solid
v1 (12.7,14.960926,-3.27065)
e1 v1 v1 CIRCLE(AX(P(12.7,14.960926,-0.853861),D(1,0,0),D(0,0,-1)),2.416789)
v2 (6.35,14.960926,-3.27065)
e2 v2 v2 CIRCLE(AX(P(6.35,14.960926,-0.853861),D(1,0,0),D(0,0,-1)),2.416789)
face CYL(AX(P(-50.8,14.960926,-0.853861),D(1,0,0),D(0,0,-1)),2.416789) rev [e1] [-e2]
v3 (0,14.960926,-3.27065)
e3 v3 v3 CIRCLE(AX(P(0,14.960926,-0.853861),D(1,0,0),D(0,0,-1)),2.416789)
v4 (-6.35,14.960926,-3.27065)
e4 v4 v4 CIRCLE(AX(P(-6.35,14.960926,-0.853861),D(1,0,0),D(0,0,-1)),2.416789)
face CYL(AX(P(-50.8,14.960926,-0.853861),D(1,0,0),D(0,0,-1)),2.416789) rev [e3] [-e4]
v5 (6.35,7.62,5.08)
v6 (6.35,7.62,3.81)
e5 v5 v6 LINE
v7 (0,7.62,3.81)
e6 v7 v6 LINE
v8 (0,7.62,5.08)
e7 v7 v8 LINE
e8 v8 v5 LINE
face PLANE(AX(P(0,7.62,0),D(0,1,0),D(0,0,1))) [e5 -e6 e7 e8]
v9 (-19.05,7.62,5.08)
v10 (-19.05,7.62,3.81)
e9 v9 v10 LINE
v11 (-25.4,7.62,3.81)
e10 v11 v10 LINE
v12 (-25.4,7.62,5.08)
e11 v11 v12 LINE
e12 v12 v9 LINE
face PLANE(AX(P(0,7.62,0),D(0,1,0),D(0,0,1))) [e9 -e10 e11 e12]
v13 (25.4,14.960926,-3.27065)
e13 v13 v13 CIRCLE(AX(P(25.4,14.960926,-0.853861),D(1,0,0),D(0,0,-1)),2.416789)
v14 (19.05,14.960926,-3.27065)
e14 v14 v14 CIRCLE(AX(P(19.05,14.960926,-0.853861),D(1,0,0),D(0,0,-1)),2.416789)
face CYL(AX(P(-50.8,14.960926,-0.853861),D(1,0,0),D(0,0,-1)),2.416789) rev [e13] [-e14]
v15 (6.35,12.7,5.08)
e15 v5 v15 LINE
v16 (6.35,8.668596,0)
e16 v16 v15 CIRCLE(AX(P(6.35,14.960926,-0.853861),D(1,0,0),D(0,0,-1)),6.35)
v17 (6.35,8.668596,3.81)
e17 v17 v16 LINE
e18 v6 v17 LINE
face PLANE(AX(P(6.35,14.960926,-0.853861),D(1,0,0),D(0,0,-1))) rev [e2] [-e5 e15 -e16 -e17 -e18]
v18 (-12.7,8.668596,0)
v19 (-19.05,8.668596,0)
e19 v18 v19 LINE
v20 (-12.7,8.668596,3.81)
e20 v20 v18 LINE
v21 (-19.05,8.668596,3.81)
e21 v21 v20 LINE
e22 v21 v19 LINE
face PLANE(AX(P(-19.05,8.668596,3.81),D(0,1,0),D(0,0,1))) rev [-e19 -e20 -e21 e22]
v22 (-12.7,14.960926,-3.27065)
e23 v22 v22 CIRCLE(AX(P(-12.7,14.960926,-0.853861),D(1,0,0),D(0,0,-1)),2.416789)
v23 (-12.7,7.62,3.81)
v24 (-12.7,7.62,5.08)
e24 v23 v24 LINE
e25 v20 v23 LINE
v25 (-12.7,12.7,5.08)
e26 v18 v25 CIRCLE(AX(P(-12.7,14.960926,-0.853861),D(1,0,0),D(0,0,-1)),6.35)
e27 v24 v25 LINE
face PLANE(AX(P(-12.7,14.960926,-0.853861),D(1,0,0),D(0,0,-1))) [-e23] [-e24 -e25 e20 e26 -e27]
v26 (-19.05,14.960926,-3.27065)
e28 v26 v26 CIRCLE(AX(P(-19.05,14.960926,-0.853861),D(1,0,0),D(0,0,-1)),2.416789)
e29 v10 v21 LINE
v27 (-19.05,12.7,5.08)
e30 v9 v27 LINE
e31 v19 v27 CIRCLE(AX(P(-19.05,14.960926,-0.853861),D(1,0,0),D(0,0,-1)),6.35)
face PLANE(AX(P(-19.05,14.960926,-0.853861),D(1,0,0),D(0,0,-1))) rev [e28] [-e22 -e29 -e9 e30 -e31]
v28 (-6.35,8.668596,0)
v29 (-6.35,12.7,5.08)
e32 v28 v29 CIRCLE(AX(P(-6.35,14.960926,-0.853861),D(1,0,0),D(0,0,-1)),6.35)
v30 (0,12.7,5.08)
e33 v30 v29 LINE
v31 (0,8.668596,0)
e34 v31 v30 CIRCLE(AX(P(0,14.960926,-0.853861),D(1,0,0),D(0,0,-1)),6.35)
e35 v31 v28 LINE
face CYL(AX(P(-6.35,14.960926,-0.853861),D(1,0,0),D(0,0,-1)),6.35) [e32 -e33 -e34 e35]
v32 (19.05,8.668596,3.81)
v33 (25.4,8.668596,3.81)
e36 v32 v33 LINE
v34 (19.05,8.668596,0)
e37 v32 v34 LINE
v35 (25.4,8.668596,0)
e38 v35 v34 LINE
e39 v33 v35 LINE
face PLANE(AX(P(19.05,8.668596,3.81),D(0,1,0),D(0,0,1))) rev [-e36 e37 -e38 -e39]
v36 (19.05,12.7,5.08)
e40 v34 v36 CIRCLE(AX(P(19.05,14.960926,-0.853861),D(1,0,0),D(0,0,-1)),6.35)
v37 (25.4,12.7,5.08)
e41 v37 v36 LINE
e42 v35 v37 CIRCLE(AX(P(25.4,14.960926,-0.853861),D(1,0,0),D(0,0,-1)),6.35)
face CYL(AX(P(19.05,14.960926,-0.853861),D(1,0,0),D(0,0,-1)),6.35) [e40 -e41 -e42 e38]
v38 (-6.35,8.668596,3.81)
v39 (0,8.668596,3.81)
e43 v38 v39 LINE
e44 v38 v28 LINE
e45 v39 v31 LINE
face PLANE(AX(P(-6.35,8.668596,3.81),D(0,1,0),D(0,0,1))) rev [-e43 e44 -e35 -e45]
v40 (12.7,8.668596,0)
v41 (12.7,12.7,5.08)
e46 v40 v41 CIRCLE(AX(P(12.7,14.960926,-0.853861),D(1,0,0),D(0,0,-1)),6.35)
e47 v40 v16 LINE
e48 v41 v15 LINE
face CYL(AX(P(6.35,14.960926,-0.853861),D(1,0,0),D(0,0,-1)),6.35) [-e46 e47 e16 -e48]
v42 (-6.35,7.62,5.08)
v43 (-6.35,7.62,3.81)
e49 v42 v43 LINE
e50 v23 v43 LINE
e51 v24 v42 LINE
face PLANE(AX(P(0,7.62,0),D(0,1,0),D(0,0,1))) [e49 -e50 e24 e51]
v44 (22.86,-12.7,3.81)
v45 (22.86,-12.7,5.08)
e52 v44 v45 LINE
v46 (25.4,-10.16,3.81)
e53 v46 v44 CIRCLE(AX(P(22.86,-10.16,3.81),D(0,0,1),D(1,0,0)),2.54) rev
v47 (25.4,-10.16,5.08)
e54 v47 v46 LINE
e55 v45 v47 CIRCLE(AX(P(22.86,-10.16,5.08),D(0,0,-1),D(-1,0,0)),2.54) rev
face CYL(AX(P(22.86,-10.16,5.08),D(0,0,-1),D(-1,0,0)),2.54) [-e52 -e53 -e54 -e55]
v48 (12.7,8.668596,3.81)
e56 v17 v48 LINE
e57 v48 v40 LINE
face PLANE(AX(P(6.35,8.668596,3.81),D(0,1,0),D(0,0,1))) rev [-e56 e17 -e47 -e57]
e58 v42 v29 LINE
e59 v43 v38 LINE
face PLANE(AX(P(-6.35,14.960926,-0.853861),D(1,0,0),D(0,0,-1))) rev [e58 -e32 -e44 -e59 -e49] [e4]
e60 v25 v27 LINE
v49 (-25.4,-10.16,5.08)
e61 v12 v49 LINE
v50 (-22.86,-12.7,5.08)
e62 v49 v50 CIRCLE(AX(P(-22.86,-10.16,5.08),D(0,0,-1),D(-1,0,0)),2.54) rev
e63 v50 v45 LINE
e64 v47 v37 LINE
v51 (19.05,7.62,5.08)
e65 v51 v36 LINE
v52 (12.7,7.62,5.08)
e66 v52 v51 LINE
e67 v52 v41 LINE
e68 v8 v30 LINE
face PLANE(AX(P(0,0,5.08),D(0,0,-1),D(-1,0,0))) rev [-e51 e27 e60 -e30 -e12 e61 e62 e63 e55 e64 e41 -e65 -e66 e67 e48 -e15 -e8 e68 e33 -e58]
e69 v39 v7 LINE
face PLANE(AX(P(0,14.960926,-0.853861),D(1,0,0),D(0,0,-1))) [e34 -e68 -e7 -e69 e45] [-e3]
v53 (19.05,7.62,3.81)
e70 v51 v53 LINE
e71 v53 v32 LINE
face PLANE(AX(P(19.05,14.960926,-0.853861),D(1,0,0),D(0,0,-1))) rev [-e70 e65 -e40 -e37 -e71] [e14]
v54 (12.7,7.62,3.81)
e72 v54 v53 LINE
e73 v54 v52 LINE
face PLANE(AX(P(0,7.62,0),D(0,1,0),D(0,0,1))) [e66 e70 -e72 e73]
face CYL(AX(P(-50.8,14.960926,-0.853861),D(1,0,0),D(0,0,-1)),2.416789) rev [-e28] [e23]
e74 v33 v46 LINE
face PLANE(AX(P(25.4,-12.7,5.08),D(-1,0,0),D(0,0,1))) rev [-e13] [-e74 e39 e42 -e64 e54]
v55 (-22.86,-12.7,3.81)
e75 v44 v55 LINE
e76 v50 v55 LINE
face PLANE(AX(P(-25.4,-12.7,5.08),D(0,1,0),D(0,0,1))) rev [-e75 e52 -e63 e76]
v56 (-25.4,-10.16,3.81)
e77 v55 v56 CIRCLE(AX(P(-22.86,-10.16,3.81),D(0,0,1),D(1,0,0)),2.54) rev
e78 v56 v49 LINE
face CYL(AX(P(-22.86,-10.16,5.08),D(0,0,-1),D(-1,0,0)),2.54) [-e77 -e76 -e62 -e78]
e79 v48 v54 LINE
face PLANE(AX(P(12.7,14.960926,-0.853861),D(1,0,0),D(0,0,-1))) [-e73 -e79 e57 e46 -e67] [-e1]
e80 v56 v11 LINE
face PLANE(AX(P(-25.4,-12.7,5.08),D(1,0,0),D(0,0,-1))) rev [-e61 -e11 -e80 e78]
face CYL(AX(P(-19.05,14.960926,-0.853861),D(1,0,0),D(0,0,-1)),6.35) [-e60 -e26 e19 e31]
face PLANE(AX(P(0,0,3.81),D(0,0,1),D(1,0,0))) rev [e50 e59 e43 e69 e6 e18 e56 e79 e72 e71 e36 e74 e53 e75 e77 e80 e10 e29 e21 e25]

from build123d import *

# Parameters (mm, degrees)
SKETCH1_W           = 50.8
SKETCH1_H           = 25.4
BOSS_EXTRUDE1_DEPTH = 5.08
SKETCH2_R           = 6.35
BOSS_EXTRUDE5_DEPTH = 6.35
LPATTERN2_COUNT     = 4
LPATTERN2_PITCH     = 12.7
SKETCH7_W           = 6.35
SKETCH7_H           = 5.08
CUT_EXTRUDE2_DEPTH  = 5.08
CUT_EXTRUDE3_DEPTH  = 3.81
FILLET1_R           = 2.54
SKETCH2_5_R         = 2.416788658
CUT_EXTRUDE6_DEPTH  = 76.2


with BuildPart() as part:
    # Sketch1 → Boss-Extrude1 (new body)
    with BuildSketch(Plane.XY):
        Rectangle(SKETCH1_W, SKETCH1_H)
    extrude(amount=BOSS_EXTRUDE1_DEPTH)

    # Sketch2 → Boss-Extrude5 (add)
    with BuildSketch(Plane(origin=(25.4, 0, 0), x_dir=(0, 0, -1), z_dir=(1, 0, 0))):
        with Locations((0.853861474, 14.960926359)):
            Circle(SKETCH2_R)
    boss_extrude5 = extrude(amount=-BOSS_EXTRUDE5_DEPTH)

    # LPattern2: Boss-Extrude5 ×4
    with Locations(*[(-i * LPATTERN2_PITCH, 0, 0) for i in range(1, LPATTERN2_COUNT)]):
        add(boss_extrude5)

    # Sketch7 → Cut-Extrude2 (cut)
    with BuildSketch(Plane(origin=(0, 12.7, 0), x_dir=(1, 0, 0), z_dir=(0, 1, 0))):
        with Locations((15.875, -2.54)):
            Rectangle(SKETCH7_W, SKETCH7_H)
        with Locations((3.175, -2.54)):
            Rectangle(SKETCH7_W, SKETCH7_H)
        with Locations((-9.525, -2.54)):
            Rectangle(SKETCH7_W, SKETCH7_H)
        with Locations((-22.225, -2.54)):
            Rectangle(SKETCH7_W, SKETCH7_H)
    extrude(amount=-CUT_EXTRUDE2_DEPTH, mode=Mode.SUBTRACT)

    # Sketch8 → Cut-Extrude3 (cut)
    with BuildSketch(Plane(origin=(0, 0, 0), x_dir=(-1, 0, 0), z_dir=(0, 0, -1))):
        Polygon((-19.05, 7.62), (-19.05, 8.668596061), (-25.4, 8.668596061), (-25.4, -12.7), (25.4, -12.7), (25.4, 7.62), (19.05, 7.62), (19.05, 8.668596061), (12.7, 8.668596061), (12.7, 7.62), (6.35, 7.62), (6.35, 8.668596061), (0, 8.668596061), (0, 7.62), (-6.35, 7.62), (-6.35, 8.668596061), (-12.7, 8.668596061), (-12.7, 7.62), align=None)
    extrude(amount=-CUT_EXTRUDE3_DEPTH, mode=Mode.SUBTRACT)

    # Fillet1
    fillet1_edges = [part.edges().sort_by_distance(p)[0] for p in [
        (25.4, -12.7, 4.445),
        (-25.4, -12.7, 4.445),
    ]]
    fillet(fillet1_edges, radius=FILLET1_R)

    # Sketch2<5> → Cut-Extrude6 (cut)
    with BuildSketch(Plane(origin=(25.4, 0, 0), x_dir=(0, 0, -1), z_dir=(1, 0, 0))):
        with Locations((0.853861474, 14.960926359)):
            Circle(SKETCH2_5_R)
    extrude(amount=-CUT_EXTRUDE6_DEPTH, mode=Mode.SUBTRACT)


solid = part.part
